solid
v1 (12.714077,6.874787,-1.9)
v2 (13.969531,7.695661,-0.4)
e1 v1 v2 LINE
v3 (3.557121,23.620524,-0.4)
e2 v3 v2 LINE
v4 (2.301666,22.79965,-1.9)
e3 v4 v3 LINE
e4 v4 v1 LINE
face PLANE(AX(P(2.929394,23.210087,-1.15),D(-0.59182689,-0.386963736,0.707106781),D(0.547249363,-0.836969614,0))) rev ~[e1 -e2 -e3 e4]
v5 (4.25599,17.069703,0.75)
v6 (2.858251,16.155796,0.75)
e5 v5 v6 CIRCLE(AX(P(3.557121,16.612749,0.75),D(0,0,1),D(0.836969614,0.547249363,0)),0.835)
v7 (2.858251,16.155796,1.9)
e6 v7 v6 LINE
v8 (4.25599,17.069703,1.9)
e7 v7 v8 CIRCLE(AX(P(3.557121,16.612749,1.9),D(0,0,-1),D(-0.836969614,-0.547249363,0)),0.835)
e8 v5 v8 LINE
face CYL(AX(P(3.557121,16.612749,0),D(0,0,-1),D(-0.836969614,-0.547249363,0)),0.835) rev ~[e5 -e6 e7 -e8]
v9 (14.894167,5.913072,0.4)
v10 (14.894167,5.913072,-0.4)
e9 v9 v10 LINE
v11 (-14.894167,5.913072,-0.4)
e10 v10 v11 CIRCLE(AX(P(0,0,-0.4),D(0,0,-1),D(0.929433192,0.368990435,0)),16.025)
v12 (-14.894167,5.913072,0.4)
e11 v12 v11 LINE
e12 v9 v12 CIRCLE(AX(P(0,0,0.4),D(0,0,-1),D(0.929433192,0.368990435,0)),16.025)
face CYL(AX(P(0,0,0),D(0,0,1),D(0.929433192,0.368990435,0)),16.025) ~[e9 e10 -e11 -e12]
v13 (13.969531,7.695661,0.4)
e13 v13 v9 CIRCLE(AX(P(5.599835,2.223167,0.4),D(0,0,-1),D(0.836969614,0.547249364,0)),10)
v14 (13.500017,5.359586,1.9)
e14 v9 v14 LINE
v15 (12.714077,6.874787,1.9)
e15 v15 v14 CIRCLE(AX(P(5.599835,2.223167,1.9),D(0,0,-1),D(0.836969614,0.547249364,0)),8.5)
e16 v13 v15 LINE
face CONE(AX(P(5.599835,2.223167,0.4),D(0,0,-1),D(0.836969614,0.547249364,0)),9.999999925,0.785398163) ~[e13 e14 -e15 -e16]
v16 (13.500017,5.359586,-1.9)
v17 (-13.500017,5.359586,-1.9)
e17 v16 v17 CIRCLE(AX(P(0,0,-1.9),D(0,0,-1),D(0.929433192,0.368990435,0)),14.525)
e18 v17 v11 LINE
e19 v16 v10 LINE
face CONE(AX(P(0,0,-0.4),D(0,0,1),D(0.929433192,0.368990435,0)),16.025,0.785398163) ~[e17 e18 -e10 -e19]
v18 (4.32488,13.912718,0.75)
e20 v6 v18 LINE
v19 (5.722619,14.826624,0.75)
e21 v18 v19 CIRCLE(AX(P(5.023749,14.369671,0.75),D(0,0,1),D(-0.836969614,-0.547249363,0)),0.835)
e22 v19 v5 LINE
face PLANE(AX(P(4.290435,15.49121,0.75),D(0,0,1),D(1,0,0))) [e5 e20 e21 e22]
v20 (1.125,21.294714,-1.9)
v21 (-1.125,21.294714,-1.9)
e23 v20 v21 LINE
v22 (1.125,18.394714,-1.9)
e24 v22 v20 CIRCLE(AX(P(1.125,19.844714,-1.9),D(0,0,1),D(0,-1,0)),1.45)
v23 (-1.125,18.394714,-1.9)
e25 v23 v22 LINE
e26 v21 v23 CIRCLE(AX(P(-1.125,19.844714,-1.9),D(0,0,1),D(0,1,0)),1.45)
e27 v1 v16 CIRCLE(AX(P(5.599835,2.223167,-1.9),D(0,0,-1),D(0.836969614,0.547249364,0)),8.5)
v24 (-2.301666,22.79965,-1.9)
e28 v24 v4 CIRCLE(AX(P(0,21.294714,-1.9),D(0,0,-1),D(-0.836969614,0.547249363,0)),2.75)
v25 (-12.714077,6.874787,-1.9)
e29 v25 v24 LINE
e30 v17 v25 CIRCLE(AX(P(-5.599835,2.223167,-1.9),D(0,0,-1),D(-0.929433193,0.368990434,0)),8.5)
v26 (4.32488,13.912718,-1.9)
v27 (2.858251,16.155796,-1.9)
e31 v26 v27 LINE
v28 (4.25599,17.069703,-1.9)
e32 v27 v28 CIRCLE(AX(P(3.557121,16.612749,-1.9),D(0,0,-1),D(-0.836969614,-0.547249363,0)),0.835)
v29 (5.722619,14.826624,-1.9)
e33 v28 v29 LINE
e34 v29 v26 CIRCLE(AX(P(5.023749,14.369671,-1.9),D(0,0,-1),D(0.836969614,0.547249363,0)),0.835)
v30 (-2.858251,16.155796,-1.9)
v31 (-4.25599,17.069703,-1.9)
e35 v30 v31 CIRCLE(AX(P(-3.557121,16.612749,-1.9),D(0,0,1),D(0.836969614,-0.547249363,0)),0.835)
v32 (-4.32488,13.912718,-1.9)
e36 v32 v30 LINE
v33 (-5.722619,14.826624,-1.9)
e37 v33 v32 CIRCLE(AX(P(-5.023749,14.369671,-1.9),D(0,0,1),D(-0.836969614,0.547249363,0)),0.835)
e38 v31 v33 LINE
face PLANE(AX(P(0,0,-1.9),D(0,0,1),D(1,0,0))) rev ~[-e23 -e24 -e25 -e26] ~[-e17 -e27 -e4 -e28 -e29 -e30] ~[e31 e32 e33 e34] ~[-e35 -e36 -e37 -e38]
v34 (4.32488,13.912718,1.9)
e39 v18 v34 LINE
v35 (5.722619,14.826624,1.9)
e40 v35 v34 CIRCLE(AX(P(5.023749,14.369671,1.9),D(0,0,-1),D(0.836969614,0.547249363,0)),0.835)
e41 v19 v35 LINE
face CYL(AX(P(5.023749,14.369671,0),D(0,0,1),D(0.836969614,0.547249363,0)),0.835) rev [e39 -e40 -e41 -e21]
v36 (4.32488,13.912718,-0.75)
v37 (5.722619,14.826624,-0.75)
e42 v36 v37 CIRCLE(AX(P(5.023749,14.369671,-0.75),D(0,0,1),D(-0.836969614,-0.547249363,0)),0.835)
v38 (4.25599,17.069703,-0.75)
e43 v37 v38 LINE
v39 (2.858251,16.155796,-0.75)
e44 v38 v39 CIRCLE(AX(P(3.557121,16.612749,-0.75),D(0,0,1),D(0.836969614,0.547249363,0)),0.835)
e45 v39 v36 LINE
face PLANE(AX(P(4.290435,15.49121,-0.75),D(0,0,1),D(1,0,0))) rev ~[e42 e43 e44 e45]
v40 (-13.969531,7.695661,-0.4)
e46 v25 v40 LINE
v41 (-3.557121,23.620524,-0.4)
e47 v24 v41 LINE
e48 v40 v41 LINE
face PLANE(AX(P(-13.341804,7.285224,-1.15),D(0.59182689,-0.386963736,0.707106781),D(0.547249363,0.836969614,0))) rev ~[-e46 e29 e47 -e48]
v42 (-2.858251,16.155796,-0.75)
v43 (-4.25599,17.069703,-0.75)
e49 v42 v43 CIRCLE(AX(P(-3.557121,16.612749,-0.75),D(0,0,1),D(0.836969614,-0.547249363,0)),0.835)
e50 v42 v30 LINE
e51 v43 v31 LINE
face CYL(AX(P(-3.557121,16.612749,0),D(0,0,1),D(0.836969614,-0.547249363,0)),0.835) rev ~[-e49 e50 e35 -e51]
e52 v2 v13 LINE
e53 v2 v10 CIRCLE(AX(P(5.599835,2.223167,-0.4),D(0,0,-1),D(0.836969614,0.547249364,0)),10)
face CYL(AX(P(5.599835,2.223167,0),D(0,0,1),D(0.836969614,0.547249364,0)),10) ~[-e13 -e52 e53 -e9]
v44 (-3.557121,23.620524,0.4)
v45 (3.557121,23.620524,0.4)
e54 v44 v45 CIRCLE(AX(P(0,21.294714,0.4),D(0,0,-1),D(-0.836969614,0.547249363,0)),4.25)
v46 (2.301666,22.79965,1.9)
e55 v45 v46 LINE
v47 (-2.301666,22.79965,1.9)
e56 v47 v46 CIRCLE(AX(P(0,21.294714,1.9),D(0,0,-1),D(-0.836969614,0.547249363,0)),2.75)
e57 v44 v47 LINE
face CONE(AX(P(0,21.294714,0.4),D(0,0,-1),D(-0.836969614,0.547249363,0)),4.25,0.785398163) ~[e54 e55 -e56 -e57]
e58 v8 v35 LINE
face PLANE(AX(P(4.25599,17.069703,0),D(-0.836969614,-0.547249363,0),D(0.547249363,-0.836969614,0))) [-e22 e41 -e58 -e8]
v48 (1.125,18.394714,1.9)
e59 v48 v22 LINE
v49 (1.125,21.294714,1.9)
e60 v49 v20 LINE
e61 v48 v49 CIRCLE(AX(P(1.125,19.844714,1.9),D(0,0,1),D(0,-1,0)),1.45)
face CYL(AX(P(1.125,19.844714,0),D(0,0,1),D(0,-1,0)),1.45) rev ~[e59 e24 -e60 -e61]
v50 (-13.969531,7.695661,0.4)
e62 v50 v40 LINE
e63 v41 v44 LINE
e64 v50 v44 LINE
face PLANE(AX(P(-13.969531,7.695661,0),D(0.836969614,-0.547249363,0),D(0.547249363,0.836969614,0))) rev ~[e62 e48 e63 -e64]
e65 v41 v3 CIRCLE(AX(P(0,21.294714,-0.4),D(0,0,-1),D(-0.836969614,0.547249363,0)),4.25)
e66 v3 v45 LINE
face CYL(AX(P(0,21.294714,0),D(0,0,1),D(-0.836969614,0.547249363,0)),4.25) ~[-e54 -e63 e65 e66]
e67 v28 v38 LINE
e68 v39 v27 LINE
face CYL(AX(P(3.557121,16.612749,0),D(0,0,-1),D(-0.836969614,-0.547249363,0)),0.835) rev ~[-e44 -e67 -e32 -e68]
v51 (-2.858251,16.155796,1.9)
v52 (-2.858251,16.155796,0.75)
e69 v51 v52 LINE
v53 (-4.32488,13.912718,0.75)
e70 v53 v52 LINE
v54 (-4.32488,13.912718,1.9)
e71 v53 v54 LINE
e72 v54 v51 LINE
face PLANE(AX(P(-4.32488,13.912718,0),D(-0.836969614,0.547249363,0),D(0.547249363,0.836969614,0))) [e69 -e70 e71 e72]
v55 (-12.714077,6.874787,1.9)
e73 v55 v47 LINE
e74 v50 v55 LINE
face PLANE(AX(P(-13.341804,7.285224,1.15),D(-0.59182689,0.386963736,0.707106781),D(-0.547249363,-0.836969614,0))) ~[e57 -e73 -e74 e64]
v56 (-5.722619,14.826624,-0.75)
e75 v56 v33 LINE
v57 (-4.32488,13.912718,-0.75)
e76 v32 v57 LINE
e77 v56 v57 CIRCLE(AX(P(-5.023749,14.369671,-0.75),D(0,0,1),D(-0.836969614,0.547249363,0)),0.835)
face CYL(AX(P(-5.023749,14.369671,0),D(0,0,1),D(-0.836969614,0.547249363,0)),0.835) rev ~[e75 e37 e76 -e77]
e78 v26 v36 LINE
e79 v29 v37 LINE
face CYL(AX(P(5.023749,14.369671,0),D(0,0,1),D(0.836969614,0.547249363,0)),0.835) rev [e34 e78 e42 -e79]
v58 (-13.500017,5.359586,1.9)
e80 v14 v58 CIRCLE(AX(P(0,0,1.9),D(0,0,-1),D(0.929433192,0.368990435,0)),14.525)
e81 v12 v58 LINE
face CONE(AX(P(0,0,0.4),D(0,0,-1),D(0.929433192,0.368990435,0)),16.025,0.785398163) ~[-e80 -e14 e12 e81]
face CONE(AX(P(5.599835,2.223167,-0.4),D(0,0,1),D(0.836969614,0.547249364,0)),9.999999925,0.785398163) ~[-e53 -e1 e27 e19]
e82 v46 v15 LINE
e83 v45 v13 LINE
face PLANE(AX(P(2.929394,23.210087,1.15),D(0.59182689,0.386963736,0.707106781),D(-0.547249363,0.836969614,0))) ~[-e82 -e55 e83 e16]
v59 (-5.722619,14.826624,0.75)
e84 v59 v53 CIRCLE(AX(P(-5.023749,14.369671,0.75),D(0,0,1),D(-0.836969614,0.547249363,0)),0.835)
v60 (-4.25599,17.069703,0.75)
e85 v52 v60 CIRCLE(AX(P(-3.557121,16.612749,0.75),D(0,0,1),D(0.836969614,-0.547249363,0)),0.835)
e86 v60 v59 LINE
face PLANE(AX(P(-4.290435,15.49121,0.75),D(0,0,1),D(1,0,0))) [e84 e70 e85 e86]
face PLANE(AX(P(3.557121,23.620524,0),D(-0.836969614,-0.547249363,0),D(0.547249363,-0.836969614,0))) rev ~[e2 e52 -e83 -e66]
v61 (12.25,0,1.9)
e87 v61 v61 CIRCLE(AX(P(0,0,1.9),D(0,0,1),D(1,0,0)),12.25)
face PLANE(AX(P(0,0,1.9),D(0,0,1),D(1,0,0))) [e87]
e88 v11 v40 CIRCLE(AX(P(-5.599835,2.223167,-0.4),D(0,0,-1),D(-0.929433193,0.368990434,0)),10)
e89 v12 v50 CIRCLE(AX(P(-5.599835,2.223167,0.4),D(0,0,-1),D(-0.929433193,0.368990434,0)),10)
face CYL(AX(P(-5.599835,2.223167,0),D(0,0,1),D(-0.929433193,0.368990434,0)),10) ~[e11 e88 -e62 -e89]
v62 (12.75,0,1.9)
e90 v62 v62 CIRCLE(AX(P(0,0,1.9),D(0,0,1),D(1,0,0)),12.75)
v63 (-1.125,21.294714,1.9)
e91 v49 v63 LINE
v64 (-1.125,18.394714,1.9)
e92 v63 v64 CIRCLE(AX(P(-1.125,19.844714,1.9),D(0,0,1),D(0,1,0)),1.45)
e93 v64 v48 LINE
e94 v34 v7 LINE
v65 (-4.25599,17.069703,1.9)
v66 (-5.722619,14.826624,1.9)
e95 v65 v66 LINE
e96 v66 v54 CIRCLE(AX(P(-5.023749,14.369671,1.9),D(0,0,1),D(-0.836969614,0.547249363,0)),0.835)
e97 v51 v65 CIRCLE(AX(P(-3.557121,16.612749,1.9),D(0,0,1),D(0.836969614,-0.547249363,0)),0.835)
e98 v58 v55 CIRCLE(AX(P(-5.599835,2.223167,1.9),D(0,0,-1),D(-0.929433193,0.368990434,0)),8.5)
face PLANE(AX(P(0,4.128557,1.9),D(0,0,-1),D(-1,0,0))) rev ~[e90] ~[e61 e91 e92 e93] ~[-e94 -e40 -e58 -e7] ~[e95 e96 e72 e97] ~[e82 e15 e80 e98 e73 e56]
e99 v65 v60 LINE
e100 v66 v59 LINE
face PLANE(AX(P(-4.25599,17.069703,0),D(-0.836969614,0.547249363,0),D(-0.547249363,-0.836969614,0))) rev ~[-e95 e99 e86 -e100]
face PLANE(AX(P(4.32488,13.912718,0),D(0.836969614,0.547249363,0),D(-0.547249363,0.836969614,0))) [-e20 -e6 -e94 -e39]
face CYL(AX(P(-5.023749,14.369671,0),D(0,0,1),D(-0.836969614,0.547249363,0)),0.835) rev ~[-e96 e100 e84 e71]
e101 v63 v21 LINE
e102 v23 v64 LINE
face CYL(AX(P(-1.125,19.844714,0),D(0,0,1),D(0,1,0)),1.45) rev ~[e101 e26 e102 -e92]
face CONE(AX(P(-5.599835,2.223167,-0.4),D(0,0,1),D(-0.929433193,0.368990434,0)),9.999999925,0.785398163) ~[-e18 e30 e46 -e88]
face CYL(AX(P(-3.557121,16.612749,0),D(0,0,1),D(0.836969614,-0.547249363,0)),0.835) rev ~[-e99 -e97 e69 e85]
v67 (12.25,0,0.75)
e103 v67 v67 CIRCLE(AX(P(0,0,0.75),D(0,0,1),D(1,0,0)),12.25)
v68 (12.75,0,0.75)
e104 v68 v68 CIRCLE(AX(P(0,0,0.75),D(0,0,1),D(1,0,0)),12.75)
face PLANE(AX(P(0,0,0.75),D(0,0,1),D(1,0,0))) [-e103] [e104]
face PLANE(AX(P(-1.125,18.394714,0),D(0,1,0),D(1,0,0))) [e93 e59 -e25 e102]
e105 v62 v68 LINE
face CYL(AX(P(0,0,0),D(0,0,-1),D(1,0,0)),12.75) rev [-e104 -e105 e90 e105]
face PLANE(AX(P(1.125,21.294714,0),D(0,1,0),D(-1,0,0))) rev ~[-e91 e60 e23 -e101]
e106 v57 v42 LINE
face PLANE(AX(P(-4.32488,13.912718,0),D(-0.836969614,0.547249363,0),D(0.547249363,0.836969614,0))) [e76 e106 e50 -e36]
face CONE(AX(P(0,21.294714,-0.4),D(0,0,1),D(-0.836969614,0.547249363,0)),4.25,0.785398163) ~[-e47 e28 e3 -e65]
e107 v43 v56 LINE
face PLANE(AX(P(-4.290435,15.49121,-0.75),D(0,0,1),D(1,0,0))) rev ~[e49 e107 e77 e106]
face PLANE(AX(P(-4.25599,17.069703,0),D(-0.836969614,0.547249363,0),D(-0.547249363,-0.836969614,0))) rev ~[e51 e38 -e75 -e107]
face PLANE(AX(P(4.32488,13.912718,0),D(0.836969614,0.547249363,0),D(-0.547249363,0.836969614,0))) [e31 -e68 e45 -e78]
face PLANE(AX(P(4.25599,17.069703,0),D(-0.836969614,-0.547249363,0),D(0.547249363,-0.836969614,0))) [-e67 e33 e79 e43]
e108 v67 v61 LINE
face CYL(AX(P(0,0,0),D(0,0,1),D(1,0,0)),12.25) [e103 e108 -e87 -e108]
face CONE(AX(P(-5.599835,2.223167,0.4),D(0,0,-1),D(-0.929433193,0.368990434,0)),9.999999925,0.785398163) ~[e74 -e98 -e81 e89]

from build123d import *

# Parameters (mm, degrees)
ESBO_O1_R                  = 12.75
RESSALTO_EXTRUS_O1_DEPTH   = 1.9
ESBO_O1_R_2                = 12.25
RESSALTO_EXTRUS_O1_2_DEPTH = 1.9
ESBO_O1_3_R                = 12.75
ESBO_O1_3_R_2              = 12.25
RESSALTO_EXTRUS_O2_DEPTH   = 0.75
CHANFRO1_SIZE              = 1.5
ESBO_O1_4_R                = 12.75
ESBO_O1_4_R_2              = 12.25
RESSALTO_EXTRUS_O3_DEPTH   = 1.9


with BuildPart() as part:
    # Esboço1 → Ressalto-extrusão1 (new, symmetric)
    with BuildSketch(Plane.XY):
        with BuildLine():
            Line((-3.557120859, 23.620523756), (-13.969531124, 7.695660998))
            ThreePointArc((-13.969531124, 7.695660998), (-14.476708195, 6.827634982), (-14.894166908, 5.913071715))
            ThreePointArc((-14.894166908, 5.913071715), (0, -16.025), (14.894166908, 5.913071715))
            ThreePointArc((14.894166908, 5.913071715), (14.476708195, 6.827634982), (13.969531124, 7.695660998))
            Line((13.969531124, 7.695660998), (3.557120859, 23.620523756))
            ThreePointArc((3.557120859, 23.620523756), (0, 25.544713963), (-3.557120859, 23.620523756))
        make_face()
        Circle(ESBO_O1_R, mode=Mode.SUBTRACT)
        with BuildLine():
            ThreePointArc((-4.255990487, 17.069702714), (-3.100167641, 17.311619123), (-2.858251232, 16.155796277))
            Line((-2.858251232, 16.155796277), (-4.324879525, 13.912717712))
            ThreePointArc((-4.324879525, 13.912717712), (-5.48070237, 13.670801302), (-5.72261878, 14.826624148))
            Line((-5.72261878, 14.826624148), (-4.255990487, 17.069702714))
        make_face(mode=Mode.SUBTRACT)
        with BuildLine():
            ThreePointArc((1.125, 21.294713963), (2.575, 19.844713963), (1.125, 18.394713963))
            Line((1.125, 18.394713963), (-1.125, 18.394713963))
            ThreePointArc((-1.125, 18.394713963), (-2.575, 19.844713963), (-1.125, 21.294713963))
            Line((-1.125, 21.294713963), (1.125, 21.294713963))
        make_face(mode=Mode.SUBTRACT)
        with BuildLine():
            Line((4.324879525, 13.912717712), (2.858251232, 16.155796277))
            ThreePointArc((2.858251232, 16.155796277), (3.100167641, 17.311619123), (4.255990487, 17.069702714))
            Line((4.255990487, 17.069702714), (5.72261878, 14.826624148))
            ThreePointArc((5.72261878, 14.826624148), (5.48070237, 13.670801302), (4.324879525, 13.912717712))
        make_face(mode=Mode.SUBTRACT)
    extrude(amount=RESSALTO_EXTRUS_O1_DEPTH, both=True)



with BuildPart() as body_2:
    # Esboço1 → Ressalto-extrus_o1 2 (new, symmetric)
    with BuildSketch(Plane.XY):
        Circle(ESBO_O1_R_2)
    extrude(amount=RESSALTO_EXTRUS_O1_2_DEPTH, both=True)


with BuildPart() as part_1:
    add(part.part)

    add(body_2.part)  # Ressalto-extrusão2 merges body 2
    # Esboço1<3> → Ressalto-extrusão2 (add, symmetric)
    # profile 1 of 3: a face of its own
    with BuildSketch(Plane.XY):
        with BuildLine():
            Line((-4.324879525, 13.912717712), (-2.858251232, 16.155796277))
            ThreePointArc((-2.858251232, 16.155796277), (-3.100167641, 17.311619123), (-4.255990487, 17.069702714))
            Line((-4.255990487, 17.069702714), (-5.72261878, 14.826624148))
            ThreePointArc((-5.72261878, 14.826624148), (-5.48070237, 13.670801302), (-4.324879525, 13.912717712))
        make_face()
    # profile 2 of 3: a face of its own
    with BuildSketch(Plane.XY):
        with BuildLine():
            ThreePointArc((4.255990487, 17.069702714), (3.100167641, 17.311619123), (2.858251232, 16.155796277))
            Line((2.858251232, 16.155796277), (4.324879525, 13.912717712))
            ThreePointArc((4.324879525, 13.912717712), (5.48070237, 13.670801302), (5.72261878, 14.826624148))
            Line((5.72261878, 14.826624148), (4.255990487, 17.069702714))
        make_face()
    # profile 3 of 3: a face of its own
    with BuildSketch(Plane.XY):
        Circle(ESBO_O1_3_R)
        Circle(ESBO_O1_3_R_2, mode=Mode.SUBTRACT)
    extrude(amount=RESSALTO_EXTRUS_O2_DEPTH, both=True)

    # Chanfro1
    chanfro1_edges = [part_1.edges().sort_by_distance(p)[0] for p in [
        (-14.476708195, 6.827634982, -1.9),
        (0, -16.025, -1.9),
        (-8.763325992, 15.658092377, -1.9),
        (14.476708195, 6.827634982, -1.9),
        (0, 25.544713963, -1.9),
        (8.763325992, 15.658092377, -1.9),
        (0, -16.025, 1.9),
        (14.476708195, 6.827634982, 1.9),
        (-14.476708195, 6.827634982, 1.9),
        (8.763325992, 15.658092377, 1.9),
        (-8.763325992, 15.658092377, 1.9),
        (0, 25.544713963, 1.9),
    ]]
    chamfer(chanfro1_edges, length=CHANFRO1_SIZE)

    # Esboço1<4> → Ressalto-extrusão3 (add)
    with BuildSketch(Plane.XY):
        Circle(ESBO_O1_4_R)
        Circle(ESBO_O1_4_R_2, mode=Mode.SUBTRACT)
    extrude(amount=-RESSALTO_EXTRUS_O3_DEPTH)


solid = part_1.part
